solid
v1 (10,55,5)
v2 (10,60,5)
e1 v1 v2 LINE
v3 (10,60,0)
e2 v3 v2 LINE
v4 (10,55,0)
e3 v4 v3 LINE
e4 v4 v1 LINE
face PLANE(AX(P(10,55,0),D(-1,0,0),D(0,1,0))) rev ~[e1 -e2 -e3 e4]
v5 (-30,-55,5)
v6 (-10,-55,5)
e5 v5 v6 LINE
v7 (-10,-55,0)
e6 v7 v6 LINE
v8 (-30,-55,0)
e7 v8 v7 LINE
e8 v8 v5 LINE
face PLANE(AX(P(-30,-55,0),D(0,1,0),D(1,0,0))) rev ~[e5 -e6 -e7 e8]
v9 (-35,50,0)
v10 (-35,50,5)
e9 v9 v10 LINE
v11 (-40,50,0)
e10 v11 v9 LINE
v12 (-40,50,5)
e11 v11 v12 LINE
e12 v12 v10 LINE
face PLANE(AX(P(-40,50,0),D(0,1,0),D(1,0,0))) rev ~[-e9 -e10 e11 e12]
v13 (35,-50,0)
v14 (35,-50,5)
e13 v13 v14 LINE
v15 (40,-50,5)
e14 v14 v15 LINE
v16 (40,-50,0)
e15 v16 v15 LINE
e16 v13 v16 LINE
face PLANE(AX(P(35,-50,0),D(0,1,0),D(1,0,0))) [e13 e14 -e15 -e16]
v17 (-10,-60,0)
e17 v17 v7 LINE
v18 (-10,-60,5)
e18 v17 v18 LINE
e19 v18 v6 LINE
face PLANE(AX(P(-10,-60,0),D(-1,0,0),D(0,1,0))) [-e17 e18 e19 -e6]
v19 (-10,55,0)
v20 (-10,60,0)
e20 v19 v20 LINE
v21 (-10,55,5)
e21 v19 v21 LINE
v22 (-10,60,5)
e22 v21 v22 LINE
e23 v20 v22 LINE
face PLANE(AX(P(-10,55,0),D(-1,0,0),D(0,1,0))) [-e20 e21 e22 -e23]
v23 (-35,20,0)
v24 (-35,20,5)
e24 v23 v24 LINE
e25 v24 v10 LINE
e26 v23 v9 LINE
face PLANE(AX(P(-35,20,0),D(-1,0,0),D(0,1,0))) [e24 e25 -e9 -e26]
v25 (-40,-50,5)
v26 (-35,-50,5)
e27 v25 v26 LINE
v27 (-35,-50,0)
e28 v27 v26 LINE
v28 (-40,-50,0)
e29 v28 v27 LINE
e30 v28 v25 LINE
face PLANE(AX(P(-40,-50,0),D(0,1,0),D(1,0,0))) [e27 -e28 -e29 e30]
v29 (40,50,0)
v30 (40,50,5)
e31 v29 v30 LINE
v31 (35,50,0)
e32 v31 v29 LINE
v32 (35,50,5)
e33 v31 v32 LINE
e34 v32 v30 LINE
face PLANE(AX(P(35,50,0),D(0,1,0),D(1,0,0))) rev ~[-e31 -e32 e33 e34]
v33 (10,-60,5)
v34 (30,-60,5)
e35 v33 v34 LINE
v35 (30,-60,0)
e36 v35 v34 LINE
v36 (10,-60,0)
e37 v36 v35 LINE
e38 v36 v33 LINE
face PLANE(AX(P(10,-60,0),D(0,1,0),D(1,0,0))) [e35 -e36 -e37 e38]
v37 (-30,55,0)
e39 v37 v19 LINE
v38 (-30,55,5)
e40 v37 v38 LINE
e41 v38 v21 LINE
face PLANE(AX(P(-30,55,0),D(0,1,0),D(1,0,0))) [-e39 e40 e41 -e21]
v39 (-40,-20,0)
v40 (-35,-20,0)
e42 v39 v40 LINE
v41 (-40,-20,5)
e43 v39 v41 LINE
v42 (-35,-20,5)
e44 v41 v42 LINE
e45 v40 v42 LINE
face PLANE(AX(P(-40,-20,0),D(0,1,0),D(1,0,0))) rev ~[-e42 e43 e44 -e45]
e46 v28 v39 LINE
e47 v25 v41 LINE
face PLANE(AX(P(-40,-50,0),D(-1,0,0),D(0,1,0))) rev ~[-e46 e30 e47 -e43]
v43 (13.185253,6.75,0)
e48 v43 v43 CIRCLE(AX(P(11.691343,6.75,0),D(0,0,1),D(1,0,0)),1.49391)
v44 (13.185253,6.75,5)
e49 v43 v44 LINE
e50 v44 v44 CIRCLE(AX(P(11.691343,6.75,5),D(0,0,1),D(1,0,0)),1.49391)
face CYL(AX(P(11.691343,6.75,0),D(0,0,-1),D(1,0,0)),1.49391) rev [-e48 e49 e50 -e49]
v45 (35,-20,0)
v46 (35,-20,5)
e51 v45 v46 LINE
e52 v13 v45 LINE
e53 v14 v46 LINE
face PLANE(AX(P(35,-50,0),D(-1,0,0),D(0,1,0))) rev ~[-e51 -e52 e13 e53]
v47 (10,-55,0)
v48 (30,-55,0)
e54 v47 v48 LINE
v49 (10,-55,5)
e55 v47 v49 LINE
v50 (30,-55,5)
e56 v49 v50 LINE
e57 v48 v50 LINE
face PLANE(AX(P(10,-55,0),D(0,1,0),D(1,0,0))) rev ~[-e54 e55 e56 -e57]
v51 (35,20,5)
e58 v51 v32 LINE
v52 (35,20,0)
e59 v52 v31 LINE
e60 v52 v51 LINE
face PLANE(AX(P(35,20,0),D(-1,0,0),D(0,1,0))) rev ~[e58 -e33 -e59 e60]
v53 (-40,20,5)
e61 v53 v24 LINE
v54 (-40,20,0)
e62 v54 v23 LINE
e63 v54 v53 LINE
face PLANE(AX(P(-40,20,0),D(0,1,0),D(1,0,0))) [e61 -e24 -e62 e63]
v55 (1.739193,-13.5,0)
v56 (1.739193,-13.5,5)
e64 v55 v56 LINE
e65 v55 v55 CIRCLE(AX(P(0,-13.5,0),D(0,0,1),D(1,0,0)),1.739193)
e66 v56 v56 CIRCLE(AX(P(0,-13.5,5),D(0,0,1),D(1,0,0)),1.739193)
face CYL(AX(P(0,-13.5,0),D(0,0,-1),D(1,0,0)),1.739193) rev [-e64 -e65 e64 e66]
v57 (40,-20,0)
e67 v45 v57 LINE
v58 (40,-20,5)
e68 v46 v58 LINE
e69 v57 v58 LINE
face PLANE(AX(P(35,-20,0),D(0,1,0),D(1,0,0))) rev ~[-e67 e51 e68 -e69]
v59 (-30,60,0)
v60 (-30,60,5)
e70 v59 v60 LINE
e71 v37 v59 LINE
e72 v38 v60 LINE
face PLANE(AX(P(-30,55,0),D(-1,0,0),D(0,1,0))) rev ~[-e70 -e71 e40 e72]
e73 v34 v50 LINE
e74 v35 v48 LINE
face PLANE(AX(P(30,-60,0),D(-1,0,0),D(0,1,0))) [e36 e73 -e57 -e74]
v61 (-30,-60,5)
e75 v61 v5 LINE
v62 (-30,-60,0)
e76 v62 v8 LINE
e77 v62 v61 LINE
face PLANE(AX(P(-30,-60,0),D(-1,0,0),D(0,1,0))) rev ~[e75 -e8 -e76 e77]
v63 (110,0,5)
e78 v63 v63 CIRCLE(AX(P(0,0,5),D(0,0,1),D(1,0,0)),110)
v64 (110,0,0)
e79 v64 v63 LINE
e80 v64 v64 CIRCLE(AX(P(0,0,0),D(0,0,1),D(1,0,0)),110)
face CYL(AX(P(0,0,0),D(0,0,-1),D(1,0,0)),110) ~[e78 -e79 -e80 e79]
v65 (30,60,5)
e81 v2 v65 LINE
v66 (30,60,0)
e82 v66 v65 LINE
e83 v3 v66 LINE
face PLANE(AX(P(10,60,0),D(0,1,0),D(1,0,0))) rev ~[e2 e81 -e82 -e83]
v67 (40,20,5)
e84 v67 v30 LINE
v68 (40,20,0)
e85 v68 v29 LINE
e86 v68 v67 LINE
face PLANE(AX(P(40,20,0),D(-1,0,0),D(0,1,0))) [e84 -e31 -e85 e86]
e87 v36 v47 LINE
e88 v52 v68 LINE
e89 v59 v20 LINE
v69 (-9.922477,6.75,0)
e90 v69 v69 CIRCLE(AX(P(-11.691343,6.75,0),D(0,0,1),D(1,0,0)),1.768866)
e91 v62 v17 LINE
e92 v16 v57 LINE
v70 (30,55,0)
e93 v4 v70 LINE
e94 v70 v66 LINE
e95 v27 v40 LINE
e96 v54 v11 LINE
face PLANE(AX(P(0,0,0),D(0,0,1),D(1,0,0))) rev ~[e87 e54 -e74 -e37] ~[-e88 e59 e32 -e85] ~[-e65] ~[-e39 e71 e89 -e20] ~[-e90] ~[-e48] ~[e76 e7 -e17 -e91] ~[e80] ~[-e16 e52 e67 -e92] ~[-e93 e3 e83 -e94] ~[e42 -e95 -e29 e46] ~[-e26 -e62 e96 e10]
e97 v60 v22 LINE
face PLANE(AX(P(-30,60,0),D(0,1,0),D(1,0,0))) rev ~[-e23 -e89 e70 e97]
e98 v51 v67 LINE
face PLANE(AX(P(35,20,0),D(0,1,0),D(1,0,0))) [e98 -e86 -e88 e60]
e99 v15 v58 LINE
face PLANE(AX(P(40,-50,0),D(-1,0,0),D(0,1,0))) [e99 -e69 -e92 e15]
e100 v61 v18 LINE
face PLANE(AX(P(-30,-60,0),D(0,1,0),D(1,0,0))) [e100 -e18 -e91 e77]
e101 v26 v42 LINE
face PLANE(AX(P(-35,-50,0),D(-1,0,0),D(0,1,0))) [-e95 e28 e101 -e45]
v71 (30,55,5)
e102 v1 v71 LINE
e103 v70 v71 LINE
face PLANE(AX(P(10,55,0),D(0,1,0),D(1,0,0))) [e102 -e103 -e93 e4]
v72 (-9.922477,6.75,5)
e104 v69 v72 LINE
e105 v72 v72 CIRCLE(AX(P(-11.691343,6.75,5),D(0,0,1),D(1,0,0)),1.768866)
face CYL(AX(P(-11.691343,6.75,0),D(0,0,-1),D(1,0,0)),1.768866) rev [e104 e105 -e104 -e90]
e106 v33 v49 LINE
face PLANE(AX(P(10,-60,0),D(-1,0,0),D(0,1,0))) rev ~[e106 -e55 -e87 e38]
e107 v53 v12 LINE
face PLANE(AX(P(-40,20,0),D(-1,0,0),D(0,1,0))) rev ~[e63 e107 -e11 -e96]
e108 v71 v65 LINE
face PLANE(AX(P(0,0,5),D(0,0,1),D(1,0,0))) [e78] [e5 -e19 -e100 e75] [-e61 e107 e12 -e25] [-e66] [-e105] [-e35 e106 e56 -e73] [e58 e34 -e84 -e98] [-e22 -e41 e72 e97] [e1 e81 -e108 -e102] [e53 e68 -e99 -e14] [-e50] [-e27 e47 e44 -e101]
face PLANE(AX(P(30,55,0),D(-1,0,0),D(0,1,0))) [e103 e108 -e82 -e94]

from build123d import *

# Parameters (mm, degrees)
SKETCH1_R           = 110
SKETCH1_R_2         = 1.768866344
SKETCH1_R_3         = 1.493909961
SKETCH1_R_4         = 1.739193209
SKETCH1_W           = 20
SKETCH1_H           = 5
SKETCH1_W_2         = 5
SKETCH1_H_2         = 30
BOSS_EXTRUDE1_DEPTH = 5


with BuildPart() as part:
    # Sketch1 → Boss-Extrude1 (new body)
    with BuildSketch(Plane.XY):
        Circle(SKETCH1_R)
        with Locations((-11.691342951, 6.75)):
            Circle(SKETCH1_R_2, mode=Mode.SUBTRACT)
        with Locations((11.691342951, 6.75)):
            Circle(SKETCH1_R_3, mode=Mode.SUBTRACT)
        with Locations((0, -13.5)):
            Circle(SKETCH1_R_4, mode=Mode.SUBTRACT)
        with Locations((-20, 57.5)):
            Rectangle(SKETCH1_W, SKETCH1_H, mode=Mode.SUBTRACT)
        with Locations((20, 57.5)):
            Rectangle(SKETCH1_W, SKETCH1_H, mode=Mode.SUBTRACT)
        with Locations((37.5, 35)):
            Rectangle(SKETCH1_W_2, SKETCH1_H_2, mode=Mode.SUBTRACT)
        with Locations((37.5, -35)):
            Rectangle(SKETCH1_W_2, SKETCH1_H_2, mode=Mode.SUBTRACT)
        with Locations((20, -57.5)):
            Rectangle(SKETCH1_W, SKETCH1_H, mode=Mode.SUBTRACT)
        with Locations((-20, -57.5)):
            Rectangle(SKETCH1_W, SKETCH1_H, mode=Mode.SUBTRACT)
        with Locations((-37.5, -35)):
            Rectangle(SKETCH1_W_2, SKETCH1_H_2, mode=Mode.SUBTRACT)
        with Locations((-37.5, 35)):
            Rectangle(SKETCH1_W_2, SKETCH1_H_2, mode=Mode.SUBTRACT)
    extrude(amount=BOSS_EXTRUDE1_DEPTH)


solid = part.part
